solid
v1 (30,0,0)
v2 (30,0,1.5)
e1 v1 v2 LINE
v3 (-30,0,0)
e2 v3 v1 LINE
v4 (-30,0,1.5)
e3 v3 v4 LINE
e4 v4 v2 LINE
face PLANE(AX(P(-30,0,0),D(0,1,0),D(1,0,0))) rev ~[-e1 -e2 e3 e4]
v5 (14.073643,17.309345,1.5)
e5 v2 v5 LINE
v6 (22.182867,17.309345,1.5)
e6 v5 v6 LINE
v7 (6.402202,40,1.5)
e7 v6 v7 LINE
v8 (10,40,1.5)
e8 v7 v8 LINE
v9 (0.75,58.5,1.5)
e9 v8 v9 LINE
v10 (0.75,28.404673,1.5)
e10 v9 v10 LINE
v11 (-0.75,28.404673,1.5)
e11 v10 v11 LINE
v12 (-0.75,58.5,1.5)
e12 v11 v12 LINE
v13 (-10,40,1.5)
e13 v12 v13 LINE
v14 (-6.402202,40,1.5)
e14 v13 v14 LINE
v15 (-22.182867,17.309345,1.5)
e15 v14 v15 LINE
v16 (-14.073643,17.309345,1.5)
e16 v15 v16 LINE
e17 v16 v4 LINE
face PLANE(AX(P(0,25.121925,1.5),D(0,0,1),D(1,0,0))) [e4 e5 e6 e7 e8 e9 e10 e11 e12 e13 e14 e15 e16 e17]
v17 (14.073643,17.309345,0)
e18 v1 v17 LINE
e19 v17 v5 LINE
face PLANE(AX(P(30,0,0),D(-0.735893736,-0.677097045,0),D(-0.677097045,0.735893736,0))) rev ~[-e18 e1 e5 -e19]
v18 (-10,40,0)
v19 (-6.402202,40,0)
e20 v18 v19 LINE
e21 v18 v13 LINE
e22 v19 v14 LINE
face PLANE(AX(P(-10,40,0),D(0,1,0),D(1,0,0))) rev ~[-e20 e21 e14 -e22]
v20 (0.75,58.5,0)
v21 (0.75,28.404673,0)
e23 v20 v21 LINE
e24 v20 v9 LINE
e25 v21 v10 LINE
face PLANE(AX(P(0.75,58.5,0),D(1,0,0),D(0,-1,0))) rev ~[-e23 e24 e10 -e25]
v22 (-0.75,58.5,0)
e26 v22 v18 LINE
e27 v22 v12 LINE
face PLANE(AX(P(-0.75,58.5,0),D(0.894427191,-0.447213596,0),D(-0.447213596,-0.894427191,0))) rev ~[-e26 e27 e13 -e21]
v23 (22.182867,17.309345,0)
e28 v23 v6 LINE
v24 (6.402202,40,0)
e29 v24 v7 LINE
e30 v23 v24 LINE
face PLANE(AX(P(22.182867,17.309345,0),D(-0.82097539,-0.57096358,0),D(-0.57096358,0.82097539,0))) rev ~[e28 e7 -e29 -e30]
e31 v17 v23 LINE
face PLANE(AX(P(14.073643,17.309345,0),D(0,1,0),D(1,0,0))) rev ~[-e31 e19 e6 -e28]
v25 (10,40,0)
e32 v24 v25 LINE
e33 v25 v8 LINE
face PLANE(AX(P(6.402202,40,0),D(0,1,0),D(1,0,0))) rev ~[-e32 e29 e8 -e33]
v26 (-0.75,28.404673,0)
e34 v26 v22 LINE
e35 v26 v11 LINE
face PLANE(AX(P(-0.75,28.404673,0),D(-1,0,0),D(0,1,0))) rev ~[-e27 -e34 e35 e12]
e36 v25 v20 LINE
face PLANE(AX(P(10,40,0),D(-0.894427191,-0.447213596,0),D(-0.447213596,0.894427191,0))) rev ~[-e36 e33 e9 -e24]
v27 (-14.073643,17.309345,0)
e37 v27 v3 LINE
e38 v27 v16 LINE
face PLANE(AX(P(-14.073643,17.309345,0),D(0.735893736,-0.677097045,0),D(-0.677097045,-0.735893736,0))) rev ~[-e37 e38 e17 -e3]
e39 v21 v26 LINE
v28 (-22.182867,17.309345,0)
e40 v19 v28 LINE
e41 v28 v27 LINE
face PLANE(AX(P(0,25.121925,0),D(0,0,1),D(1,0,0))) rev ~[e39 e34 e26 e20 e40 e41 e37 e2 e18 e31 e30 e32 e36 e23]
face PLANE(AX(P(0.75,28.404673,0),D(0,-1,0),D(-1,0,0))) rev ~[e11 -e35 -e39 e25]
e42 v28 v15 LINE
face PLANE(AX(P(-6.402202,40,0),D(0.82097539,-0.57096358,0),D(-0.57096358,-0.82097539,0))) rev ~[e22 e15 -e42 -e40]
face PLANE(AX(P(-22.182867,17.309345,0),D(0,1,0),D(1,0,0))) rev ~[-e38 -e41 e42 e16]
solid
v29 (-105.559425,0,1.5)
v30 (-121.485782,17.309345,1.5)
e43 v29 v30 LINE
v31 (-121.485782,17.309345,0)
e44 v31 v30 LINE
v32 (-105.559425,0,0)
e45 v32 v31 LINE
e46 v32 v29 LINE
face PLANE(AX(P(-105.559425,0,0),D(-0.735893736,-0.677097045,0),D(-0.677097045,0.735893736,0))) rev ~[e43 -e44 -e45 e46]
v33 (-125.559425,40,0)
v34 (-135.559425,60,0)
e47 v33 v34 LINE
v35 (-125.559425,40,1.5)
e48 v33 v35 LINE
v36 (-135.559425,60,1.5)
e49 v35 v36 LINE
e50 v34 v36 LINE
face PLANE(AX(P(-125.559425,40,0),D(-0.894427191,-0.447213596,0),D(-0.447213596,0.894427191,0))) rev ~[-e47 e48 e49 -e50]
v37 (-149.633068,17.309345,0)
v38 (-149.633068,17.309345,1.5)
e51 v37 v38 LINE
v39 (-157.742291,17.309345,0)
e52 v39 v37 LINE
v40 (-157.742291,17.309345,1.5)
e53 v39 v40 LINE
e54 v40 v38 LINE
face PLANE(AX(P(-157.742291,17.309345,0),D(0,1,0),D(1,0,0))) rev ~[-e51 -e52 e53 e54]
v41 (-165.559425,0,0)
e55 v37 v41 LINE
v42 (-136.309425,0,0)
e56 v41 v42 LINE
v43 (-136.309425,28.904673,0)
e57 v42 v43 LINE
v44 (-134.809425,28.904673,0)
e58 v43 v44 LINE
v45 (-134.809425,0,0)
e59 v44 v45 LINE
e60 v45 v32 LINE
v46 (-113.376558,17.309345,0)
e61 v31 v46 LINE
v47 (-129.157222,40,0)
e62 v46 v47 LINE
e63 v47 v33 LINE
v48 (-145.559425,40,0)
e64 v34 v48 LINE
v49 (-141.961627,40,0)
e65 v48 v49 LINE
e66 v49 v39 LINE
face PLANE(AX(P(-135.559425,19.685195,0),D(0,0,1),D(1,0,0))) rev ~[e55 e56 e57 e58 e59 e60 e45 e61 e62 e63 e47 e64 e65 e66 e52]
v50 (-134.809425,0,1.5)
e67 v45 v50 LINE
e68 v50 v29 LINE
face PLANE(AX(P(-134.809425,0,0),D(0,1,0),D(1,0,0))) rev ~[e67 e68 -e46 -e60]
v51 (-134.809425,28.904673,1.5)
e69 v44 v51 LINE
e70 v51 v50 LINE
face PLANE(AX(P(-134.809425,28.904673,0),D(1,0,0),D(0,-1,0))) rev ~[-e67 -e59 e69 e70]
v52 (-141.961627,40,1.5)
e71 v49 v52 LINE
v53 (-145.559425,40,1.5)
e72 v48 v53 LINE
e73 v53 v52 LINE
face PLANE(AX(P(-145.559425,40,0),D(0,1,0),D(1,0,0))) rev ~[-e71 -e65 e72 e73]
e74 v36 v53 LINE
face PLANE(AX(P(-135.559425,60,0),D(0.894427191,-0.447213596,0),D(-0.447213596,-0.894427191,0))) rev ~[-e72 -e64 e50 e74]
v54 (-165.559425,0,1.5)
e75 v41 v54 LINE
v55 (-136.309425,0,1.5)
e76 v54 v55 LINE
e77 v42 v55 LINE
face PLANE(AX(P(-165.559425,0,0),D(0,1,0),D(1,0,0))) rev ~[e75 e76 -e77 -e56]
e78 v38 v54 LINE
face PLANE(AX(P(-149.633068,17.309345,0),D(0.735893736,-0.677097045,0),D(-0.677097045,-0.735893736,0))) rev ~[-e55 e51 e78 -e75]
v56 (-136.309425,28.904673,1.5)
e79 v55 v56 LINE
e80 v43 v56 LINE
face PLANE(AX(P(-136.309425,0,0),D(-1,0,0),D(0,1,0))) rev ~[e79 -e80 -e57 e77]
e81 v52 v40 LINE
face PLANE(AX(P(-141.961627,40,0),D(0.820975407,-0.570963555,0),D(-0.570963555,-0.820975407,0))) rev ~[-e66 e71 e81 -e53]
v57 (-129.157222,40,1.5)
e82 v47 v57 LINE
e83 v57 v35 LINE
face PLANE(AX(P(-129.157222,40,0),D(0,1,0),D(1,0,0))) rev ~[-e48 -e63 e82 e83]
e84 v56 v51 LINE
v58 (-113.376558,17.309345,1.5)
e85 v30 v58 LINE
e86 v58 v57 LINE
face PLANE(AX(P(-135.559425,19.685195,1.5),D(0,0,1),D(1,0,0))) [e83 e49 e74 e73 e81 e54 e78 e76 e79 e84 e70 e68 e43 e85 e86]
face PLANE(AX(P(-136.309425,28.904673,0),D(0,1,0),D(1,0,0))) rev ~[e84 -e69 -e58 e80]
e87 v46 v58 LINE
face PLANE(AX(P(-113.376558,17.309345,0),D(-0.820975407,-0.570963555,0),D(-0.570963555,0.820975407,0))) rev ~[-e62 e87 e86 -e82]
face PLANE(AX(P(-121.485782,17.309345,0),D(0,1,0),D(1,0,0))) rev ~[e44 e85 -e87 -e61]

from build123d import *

# Parameters (mm, degrees)
F1_DEPTH = 1.5


with BuildPart() as f1:
    # F0 (on Top) → F1 (new body)
    with BuildSketch(Plane.XY):
        Polygon((-125.559425, 40), (-134.809425, 58.5), (-135.559425, 60), (-136.309425, 58.5), (-145.559425, 40), (-141.961627, 40), (-157.742291, 17.309345), (-149.633068, 17.309345), (-165.559425, 0), (-136.309425, 0), (-136.309425, 28.654673), (-136.309425, 28.904673), (-134.809425, 28.904673), (-134.809425, 28.654673), (-134.809425, 0), (-105.559425, 0), (-121.485782, 17.309345), (-113.376558, 17.309345), (-129.157222, 40), align=None)
        Polygon((-30, 0), (0, 0), (30, 0), (14.073643, 17.309345), (22.182867, 17.309345), (6.402202, 40), (10, 40), (0.75, 58.5), (0.75, 28.654673), (0.75, 28.404673), (-0.75, 28.404673), (-0.75, 28.654673), (-0.75, 58.5), (-10, 40), (-6.402202, 40), (-22.182867, 17.309345), (-14.073643, 17.309345), align=None)
    extrude(amount=F1_DEPTH)


solid = f1.part
